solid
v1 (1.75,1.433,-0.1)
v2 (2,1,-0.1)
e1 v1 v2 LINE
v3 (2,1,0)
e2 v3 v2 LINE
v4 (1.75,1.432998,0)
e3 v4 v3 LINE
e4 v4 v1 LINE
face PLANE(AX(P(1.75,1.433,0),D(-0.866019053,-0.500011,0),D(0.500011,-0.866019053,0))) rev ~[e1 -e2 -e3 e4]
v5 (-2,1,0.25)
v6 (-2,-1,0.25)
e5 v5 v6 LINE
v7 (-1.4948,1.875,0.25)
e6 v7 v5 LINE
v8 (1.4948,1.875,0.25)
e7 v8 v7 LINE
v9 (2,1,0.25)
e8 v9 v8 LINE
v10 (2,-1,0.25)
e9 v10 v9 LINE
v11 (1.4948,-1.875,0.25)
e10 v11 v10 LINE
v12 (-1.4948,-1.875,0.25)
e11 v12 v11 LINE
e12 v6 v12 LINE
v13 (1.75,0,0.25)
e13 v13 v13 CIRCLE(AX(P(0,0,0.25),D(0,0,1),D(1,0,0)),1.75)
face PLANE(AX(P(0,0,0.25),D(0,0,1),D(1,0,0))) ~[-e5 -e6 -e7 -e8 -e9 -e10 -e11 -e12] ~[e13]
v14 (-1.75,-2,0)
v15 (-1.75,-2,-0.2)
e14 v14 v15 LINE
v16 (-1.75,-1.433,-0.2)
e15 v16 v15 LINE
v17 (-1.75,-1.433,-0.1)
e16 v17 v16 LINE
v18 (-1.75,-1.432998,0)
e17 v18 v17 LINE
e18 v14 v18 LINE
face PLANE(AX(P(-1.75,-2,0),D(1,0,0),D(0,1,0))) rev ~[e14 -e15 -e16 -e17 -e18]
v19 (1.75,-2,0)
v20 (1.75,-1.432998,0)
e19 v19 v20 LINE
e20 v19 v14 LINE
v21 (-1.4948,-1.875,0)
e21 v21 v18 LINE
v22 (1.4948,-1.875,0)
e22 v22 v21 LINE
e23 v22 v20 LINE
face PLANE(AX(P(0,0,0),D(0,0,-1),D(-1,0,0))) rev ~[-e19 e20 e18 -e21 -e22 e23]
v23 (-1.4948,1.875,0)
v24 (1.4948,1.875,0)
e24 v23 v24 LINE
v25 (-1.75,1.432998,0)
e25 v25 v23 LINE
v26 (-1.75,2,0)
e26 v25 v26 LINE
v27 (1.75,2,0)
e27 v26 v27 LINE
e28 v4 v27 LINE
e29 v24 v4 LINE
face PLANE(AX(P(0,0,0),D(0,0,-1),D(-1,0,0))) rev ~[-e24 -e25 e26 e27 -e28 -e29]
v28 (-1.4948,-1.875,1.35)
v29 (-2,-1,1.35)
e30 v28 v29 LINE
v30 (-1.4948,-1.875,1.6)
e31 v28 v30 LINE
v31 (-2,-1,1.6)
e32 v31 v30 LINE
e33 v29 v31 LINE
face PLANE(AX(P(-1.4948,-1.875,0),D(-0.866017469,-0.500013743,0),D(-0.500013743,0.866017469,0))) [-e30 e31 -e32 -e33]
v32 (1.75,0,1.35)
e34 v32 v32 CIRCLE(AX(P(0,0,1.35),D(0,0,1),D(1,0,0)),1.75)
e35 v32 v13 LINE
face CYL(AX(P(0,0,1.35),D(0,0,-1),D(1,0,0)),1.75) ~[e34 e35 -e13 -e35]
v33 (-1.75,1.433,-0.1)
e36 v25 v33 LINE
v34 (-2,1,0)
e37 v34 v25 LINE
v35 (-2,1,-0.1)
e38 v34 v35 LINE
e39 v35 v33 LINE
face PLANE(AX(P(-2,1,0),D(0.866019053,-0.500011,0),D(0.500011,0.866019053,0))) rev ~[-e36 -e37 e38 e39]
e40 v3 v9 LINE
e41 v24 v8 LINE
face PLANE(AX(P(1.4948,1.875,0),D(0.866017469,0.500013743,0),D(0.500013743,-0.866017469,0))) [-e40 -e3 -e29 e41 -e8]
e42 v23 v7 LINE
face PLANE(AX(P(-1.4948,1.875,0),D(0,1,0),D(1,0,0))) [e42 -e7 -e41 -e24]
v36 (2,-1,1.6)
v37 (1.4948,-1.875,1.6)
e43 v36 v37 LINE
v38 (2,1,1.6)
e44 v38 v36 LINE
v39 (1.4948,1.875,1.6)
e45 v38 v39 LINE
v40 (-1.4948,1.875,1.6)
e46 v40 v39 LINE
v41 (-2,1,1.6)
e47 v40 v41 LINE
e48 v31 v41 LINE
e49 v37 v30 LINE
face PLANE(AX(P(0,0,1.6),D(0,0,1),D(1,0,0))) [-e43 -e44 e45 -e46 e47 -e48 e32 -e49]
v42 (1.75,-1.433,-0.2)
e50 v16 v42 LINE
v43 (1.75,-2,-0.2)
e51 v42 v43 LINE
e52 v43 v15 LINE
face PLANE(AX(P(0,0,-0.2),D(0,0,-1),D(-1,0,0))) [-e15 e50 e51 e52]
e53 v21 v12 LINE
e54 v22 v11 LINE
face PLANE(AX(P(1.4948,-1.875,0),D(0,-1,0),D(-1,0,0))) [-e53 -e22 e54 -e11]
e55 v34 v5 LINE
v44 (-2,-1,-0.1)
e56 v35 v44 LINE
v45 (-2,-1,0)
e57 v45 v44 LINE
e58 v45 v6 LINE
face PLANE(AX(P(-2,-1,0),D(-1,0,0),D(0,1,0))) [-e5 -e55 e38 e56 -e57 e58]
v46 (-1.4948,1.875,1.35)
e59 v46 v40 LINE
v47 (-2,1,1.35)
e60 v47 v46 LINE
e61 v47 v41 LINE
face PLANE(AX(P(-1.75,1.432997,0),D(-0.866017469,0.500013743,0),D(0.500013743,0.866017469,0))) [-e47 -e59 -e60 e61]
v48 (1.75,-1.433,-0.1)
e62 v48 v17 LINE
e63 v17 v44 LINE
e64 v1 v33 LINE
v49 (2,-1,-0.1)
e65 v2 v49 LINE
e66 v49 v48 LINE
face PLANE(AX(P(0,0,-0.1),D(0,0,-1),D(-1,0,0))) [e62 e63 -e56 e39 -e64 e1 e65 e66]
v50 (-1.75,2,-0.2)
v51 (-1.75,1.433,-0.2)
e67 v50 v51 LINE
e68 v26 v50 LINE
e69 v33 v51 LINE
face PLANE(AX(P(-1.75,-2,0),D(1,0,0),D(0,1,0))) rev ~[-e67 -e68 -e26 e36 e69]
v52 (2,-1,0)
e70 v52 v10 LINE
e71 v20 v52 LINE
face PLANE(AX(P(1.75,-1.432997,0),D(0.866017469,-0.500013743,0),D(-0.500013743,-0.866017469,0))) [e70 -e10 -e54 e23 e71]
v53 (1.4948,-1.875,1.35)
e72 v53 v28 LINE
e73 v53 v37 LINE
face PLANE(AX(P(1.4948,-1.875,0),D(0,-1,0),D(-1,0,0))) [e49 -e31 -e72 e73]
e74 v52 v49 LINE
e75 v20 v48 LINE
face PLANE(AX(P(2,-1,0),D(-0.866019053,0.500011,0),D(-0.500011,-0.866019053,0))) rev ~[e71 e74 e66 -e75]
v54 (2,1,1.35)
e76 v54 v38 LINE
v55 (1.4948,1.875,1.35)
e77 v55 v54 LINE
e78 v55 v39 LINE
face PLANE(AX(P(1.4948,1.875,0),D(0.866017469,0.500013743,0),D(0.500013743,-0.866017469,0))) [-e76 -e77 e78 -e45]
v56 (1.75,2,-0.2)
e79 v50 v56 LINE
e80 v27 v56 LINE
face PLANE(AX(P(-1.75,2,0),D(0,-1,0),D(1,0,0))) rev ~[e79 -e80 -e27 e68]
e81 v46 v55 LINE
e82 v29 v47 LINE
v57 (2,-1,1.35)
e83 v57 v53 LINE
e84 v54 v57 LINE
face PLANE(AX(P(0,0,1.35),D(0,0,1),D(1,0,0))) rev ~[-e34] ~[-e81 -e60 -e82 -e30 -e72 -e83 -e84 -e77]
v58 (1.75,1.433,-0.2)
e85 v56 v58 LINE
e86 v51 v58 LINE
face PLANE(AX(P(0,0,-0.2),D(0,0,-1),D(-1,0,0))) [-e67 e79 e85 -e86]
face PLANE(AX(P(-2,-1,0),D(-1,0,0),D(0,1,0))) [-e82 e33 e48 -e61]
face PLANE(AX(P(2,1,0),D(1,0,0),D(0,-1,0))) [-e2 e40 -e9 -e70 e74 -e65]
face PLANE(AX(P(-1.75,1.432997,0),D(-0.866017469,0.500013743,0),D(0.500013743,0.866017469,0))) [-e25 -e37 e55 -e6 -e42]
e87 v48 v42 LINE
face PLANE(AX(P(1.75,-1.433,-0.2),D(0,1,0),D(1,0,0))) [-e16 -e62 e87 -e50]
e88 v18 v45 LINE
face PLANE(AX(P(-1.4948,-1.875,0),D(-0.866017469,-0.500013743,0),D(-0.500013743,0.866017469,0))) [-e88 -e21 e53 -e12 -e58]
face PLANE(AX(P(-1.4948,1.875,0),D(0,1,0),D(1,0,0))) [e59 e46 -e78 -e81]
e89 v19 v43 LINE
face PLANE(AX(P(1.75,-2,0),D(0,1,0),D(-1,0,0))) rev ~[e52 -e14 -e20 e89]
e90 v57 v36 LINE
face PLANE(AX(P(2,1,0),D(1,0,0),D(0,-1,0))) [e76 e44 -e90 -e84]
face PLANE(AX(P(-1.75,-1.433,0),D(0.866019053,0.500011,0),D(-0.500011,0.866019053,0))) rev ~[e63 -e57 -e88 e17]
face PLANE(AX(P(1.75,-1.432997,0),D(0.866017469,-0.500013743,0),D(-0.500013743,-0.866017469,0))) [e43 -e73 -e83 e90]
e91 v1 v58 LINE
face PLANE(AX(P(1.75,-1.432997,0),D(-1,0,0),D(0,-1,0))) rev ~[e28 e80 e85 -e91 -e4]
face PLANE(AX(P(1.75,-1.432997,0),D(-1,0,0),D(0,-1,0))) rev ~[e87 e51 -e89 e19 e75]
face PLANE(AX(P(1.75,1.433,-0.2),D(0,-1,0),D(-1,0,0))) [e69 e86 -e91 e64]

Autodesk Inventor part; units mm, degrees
ref_plane "YZ Plane" through (0, 0, 0) normal (1, 0, 0) x (0, 1, 0)
ref_plane "XZ Plane" through (0, 0, 0) normal (0, 1, 0) x (-1, 0, 0)
ref_plane "XY Plane" through (0, 0, 0) normal (0, 0, 1) x (1, 0, 0)
sketch "Sketch1" plane through (0, 0, 0) normal (0, 0, 1) x (1, 0, 0)
  line L0 (1.75, -2) -> (-1.75, -2)
  line L1 (-1.75, -2) -> (-1.75, 2)
  line L2 (-1.75, 2) -> (1.75, 2)
  line L3 (1.75, 2) -> (1.75, -2)
  line L4 (1.75, -2) -> (-1.75, 2) construction
  line L5 (-1.75, -2) -> (1.75, 2) construction
  line L6 (-2, -1) -> (-2, 1)
  line L7 (-2, 1) -> (-1.4948, 1.875)
  line L8 (-1.4948, 1.875) -> (1.4948, 1.875)
  line L9 (1.4948, 1.875) -> (2, 1)
  line L10 (2, 1) -> (2, -1)
  line L11 (2, -1) -> (1.4948, -1.875)
  line L12 (1.4948, -1.875) -> (-1.4948, -1.875)
  line L13 (-1.4948, -1.875) -> (-2, -1)
  line L14 (-2, -1) -> (2, 1) construction
  line L15 (-2, 1) -> (2, -1) construction
  point P0 (0, 0)
  point P1 (0, 0)
  dimension "d0" = 3.5
  dimension "d1" = 4
  dimension "d2" = 4
  dimension "d3" = 3.75
  dimension "d6" = 150
  dimension "d7" = 150
  dimension "d8" = 2
extrude "Extrusion1" add sketch "Sketch1" along normal blind 1.6 contours L11 L12 L13 L1 L7 L8 L9 L3 | L3 L9 L10 L11 | L13 L6 L7 L1
sketch "Sketch2" plane through (0, 0, 0) normal (0, 0, -1) x (-1, 0, 0)
  line L0 (2, -1) -> (2, 1) projected
  line L1 (2, 1) -> (1.4948, 1.875) projected
  line L2 (1.4948, 1.875) -> (-1.4948, 1.875) projected
  line L3 (-1.4948, 1.875) -> (-2, 1) projected
  line L4 (-2, 1) -> (-2, -1) projected
  line L5 (-2, -1) -> (-1.4948, -1.875) projected
  line L6 (-1.4948, -1.875) -> (1.4948, -1.875) projected
  line L7 (1.4948, -1.875) -> (2, -1) projected
  line L8 (-1.75, -2) -> (1.75, -2)
  line L9 (1.75, -2) -> (1.75, 2)
  line L10 (1.75, 2) -> (-1.75, 2)
  line L11 (-1.75, 2) -> (-1.75, -2)
  line L12 (-1.75, -2) -> (1.75, 2) construction
  line L13 (1.75, -2) -> (-1.75, 2) construction
  point P0 (0, 0)
  dimension "d11" = 3.5
  dimension "d12" = 4
extrude "Extrusion2" add sketch "Sketch2" along normal blind 0.2 contours L9 L8 L11 L5 L6 L7 | L7 L6 L5 L11 L3 L2 L1 L9 | L1 L2 L3 L11 L10 L9
sketch "Sketch3" plane through (0, 0, 0) normal (0, 0, -1) x (-1, 0, 0)
  line L0 (-1.75, -1.433) -> (-1.75, 1.433) projected
  line L1 (-1.75, 1.433) -> (-2, 1) projected
  line L2 (-2, 1) -> (-2, -1) projected
  line L3 (-2, -1) -> (-1.75, -1.433) projected
  line L4 (1.75, 1.433) -> (1.75, -1.433) projected
  line L5 (1.75, -1.433) -> (2, -1) projected
  line L6 (2, -1) -> (2, 1) projected
  line L7 (2, 1) -> (1.75, 1.433) projected
  point P0 (0, 0)
extrude "Extrusion3" add sketch "Sketch3" along normal up to surface (0.2 mm away)
sketch "Sketch4" plane through (0, 0, 0) normal (0, 1, 0) x (-1, 0, 0)
  line L0 (-2, 1.6) -> (-2, -0.2) projected
  line L1 (-1.4948, 1.6) -> (-2, 1.6) projected
  line L2 (-1.4948, 0) -> (-1.4948, 1.6) projected
  line L3 (-1.75, 0) -> (-1.4948, 0) projected
  line L4 (-1.75, -0.2) -> (-1.75, 0) projected
  line L5 (-1.75, -0.2) -> (-2, -0.2) projected
  line L6 (1.4948, 0) -> (1.75, 0) projected
  line L7 (1.4948, 0) -> (1.4948, 1.6) projected
  line L8 (2, 1.6) -> (1.4948, 1.6) projected
  line L9 (2, -0.2) -> (2, 1.6) projected
  line L10 (2, -0.2) -> (1.75, -0.2) projected
  line L11 (1.75, 0) -> (1.75, -0.2) projected
  line L12 (-3.75, 1.35) -> (-1.75, 1.35)
  line L13 (-1.75, 1.35) -> (-1.75, 0.25)
  line L14 (-1.75, 0.25) -> (-3.75, 0.25)
  line L15 (-3.75, 0.25) -> (-3.75, 1.35)
  line L16 (-1.75, -0.2) -> (1.75, -0.2) projected
  line L17 (0, -0.56) -> (0, 1.96) projected
  point P0 (0, 0)
  dimension "d18" = 0.25
  dimension "d19" = 0.25
  dimension "d21" = 2
  dimension "d22" = 0.25
revolve "Revolution1" cut sketch "Sketch4" angle 360 about axis through (0, 0, -10) along (0, 0, 1) contours L12 L13 L14 L0 | L0 L14 L15 L12
sketch "Sketch5" plane through (0, 0, -0.2) normal (0, 0, -1) x (-1, 0, 0)
  line L0 (-1.75, -2) -> (1.75, -2) projected
  line L1 (1.75, -2) -> (1.75, -1.433) projected
  line L2 (2, -1) -> (1.75, -1.433) projected
  line L3 (2, 1) -> (2, -1) projected
  line L4 (1.75, 1.433) -> (2, 1) projected
  line L5 (1.75, 1.433) -> (1.75, 2) projected
  line L6 (1.75, 2) -> (-1.75, 2) projected
  line L7 (-1.75, 2) -> (-1.75, 1.433) projected
  line L8 (-2, 1) -> (-1.75, 1.433) projected
  line L9 (-2, -1) -> (-2, 1) projected
  line L10 (-1.75, -1.433) -> (-2, -1) projected
  line L11 (-1.75, -1.433) -> (-1.75, -2) projected
  line L12 (2, -1.433) -> (-2, -1.433)
  line L13 (-2, -1.433) -> (-2, 1.433)
  line L14 (-2, 1.433) -> (2, 1.433)
  line L15 (2, 1.433) -> (2, -1.433)
  line L16 (2, -1.433) -> (-2, 1.433) construction
  line L17 (-2, -1.433) -> (2, 1.433) construction
  point P0 (0, 0)
extrude "Extrusion4" cut sketch "Sketch5" against normal blind 0.1 contours L12 L13 L10 | L10 L9 L8 L14 L4 L3 L2 L12 | L2 L15 L12 | L13 L14 L8 | L4 L14 L15
properties part number "SRN4018" material "ABS Plastic"
